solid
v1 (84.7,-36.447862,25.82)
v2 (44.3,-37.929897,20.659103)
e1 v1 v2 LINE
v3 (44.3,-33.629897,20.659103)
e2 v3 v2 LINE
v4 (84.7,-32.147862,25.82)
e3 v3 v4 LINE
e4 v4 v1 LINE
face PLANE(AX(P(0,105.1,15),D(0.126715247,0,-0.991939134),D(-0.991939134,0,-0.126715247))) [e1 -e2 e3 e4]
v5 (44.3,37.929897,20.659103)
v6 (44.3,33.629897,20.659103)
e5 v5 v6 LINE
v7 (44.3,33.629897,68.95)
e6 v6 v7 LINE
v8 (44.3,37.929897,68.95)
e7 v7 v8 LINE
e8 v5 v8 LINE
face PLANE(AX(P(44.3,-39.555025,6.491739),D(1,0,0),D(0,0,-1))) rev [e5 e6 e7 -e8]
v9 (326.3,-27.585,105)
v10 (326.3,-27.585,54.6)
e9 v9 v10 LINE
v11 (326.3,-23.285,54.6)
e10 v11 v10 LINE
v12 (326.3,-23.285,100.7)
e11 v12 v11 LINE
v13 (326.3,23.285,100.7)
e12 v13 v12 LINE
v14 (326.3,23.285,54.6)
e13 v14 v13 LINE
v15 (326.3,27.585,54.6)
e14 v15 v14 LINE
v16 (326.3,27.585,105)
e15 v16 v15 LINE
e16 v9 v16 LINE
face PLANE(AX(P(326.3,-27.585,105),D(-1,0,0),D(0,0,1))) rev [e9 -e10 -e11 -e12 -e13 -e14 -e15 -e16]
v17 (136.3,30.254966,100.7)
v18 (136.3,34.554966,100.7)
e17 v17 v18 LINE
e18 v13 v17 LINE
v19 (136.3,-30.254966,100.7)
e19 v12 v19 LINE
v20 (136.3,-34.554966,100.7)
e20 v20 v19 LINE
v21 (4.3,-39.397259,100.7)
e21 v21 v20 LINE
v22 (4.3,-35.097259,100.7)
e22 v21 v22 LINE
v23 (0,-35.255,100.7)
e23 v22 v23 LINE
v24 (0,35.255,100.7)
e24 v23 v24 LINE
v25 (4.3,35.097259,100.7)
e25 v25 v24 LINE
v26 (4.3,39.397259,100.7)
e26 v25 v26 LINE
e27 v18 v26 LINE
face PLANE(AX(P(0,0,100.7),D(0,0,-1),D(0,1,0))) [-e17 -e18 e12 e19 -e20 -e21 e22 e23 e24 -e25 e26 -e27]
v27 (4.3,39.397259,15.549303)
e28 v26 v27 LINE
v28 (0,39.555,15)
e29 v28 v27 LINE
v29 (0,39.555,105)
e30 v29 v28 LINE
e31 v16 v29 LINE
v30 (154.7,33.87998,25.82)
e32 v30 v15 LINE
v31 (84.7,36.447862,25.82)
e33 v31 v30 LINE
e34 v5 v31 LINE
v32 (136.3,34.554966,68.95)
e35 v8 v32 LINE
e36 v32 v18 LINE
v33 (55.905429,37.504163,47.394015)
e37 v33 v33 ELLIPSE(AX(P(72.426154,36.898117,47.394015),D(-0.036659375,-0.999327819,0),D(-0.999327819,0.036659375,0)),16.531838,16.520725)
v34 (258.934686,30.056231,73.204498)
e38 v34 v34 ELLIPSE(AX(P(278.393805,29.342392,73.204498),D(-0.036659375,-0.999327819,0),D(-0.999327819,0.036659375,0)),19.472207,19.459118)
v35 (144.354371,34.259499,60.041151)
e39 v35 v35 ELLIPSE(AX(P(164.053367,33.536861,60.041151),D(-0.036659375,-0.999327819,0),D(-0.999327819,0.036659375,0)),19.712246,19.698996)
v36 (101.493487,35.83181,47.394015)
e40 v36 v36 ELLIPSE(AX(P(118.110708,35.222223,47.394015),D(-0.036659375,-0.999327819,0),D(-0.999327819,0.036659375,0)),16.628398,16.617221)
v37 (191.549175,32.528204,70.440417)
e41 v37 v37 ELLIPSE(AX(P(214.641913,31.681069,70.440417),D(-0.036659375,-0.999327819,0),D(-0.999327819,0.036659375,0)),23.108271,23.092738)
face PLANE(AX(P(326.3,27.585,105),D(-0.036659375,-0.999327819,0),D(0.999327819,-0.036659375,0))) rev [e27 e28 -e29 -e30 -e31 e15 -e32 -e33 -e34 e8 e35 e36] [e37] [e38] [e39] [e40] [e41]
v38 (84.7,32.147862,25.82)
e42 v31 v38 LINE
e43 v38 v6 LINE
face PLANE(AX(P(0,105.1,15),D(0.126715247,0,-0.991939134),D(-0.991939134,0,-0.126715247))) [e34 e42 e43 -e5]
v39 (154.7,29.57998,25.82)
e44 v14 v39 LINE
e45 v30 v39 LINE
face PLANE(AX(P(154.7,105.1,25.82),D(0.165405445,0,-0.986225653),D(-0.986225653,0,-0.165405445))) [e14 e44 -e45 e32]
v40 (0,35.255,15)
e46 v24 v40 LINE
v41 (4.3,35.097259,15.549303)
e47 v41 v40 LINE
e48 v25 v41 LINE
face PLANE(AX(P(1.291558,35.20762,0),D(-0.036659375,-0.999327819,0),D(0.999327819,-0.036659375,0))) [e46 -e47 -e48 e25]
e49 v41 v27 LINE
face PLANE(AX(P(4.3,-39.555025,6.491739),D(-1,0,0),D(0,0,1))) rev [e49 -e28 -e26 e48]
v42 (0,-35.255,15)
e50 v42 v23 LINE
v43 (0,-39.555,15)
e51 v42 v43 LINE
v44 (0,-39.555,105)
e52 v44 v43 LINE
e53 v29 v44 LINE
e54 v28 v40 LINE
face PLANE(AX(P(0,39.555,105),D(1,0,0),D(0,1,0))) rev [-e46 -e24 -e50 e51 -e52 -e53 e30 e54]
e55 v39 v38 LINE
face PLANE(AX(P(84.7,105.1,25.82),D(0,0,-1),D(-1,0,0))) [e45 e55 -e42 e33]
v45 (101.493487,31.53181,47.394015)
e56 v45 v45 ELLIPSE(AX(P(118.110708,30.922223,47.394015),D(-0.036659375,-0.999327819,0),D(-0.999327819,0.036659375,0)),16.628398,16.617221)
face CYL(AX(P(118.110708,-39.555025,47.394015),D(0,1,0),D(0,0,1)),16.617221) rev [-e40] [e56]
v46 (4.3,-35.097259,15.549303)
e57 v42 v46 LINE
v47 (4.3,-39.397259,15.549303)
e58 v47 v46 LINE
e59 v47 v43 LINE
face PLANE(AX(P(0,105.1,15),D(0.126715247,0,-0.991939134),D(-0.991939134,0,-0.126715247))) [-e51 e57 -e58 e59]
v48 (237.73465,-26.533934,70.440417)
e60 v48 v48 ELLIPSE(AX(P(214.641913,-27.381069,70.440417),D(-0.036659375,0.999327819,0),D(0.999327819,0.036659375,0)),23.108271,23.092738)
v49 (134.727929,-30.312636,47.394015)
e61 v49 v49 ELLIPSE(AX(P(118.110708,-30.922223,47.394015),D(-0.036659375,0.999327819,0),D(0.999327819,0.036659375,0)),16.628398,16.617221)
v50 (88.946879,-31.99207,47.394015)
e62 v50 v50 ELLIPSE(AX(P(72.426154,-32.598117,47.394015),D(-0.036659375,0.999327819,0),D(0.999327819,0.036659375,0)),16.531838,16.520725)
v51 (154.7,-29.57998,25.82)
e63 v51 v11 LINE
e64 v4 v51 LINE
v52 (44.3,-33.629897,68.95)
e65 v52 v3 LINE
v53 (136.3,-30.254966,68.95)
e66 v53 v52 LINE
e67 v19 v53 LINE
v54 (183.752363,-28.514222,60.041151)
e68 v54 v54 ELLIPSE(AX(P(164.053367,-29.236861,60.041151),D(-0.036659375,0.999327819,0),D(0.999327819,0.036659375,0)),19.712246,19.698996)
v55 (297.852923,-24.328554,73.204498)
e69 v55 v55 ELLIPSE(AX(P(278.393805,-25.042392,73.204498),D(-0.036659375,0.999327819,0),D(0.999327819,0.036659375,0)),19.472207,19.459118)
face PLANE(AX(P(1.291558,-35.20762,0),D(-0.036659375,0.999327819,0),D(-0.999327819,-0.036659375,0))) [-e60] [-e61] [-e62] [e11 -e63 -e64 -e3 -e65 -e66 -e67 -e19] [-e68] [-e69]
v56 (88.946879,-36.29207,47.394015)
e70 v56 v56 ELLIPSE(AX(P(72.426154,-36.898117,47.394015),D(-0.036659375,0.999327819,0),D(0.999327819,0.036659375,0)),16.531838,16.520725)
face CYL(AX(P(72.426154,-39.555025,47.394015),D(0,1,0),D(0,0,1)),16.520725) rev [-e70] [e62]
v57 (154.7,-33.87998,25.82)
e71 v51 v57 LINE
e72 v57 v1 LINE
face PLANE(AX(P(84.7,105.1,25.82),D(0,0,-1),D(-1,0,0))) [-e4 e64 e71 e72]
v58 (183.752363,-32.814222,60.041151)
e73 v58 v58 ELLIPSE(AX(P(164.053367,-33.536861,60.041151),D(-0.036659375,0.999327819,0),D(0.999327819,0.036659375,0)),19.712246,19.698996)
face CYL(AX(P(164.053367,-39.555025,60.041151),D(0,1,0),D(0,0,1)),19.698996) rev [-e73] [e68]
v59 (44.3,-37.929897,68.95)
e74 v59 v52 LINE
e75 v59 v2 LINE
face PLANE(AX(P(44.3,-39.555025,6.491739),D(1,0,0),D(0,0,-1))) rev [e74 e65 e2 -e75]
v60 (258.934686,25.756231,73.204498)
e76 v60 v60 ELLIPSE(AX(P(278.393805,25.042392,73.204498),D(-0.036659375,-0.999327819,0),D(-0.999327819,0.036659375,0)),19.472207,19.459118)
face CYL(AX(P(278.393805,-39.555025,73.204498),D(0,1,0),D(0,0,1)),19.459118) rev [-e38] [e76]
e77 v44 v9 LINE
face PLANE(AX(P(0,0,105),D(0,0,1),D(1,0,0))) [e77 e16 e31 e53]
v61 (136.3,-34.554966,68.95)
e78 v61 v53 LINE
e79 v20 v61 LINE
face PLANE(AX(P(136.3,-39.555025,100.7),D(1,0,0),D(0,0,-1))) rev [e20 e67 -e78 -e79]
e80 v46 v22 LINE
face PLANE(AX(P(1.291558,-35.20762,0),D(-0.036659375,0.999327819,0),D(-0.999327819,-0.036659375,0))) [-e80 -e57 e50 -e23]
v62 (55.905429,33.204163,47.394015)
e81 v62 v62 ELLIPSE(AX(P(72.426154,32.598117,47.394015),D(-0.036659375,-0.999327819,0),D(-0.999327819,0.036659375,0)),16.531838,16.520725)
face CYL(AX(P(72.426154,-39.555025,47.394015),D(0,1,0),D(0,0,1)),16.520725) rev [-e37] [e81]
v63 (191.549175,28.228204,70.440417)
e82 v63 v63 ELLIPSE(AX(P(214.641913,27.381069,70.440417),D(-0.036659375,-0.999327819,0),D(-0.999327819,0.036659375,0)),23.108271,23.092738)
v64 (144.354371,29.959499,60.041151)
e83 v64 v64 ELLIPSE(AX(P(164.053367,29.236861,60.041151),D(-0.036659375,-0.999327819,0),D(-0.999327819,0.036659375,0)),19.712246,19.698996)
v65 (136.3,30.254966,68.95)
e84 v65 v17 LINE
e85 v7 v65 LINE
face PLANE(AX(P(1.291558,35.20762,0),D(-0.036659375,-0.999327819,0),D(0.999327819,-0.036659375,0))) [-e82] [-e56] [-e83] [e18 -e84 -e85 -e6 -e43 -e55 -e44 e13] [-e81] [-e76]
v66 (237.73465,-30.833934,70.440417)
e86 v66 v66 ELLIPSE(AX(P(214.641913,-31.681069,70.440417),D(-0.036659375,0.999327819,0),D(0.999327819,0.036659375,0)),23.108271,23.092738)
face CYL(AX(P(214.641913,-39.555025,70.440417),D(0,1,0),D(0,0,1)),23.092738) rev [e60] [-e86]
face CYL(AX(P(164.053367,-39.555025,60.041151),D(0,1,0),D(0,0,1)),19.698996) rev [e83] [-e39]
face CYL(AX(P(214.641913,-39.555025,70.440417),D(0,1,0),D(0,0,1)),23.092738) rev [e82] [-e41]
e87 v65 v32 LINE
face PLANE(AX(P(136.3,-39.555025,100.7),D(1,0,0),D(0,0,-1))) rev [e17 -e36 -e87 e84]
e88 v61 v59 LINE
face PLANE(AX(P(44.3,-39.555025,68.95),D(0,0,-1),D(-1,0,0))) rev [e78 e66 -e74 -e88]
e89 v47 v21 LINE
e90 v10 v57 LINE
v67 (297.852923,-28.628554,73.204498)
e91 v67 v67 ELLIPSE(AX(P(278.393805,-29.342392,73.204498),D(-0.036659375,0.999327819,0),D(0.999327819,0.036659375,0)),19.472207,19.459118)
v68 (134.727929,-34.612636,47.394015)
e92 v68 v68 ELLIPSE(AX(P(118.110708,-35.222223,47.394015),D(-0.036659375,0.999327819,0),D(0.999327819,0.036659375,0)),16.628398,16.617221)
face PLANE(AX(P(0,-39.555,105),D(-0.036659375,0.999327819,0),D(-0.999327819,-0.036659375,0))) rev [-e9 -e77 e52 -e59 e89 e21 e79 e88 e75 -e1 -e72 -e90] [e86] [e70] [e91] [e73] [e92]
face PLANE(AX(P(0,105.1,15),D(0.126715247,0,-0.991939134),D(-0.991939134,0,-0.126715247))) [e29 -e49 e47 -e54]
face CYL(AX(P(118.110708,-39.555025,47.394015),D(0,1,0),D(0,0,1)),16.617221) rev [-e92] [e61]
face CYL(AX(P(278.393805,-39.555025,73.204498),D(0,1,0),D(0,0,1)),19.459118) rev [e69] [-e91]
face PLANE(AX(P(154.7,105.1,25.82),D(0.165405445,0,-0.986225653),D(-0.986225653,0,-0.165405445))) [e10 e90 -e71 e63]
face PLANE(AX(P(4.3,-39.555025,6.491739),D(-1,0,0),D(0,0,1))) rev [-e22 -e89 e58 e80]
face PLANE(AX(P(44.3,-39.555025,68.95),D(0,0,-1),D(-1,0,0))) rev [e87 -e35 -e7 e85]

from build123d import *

# Parameters (mm, degrees)
BOSS_EXTRUDE1_DEPTH     = 105
CUT_EXTRUDE1_DEPTH      = 105.1
CUT_EXTRUDE1_DEPTH_BACK = 105.1
CUT_EXTRUDE4_DEPTH      = 346.052587439
CUT_EXTRUDE4_DEPTH_BACK = 346.052587439
SKETCH8_R               = 23.092737718
SKETCH8_R_2             = 19.459118311
CUT_EXTRUDE5_DEPTH      = 346.052587439
CUT_EXTRUDE5_DEPTH_BACK = 346.052587439
SKETCH9_R               = 16.617220832
SKETCH9_R_2             = 16.520725145
SKETCH9_R_3             = 19.698995854


with BuildPart() as part:
    # Sketch1 → Boss-Extrude1 (new body)
    with BuildSketch(Plane.XY):
        Polygon((0, 39.555), (0, -39.555), (326.3, -27.585), (326.3, 27.585), align=None)
    extrude(amount=BOSS_EXTRUDE1_DEPTH)

    # Sketch3 → Cut-Extrude1 (cut, two sides: drawn at the far end of the back side and taken through both)
    with BuildSketch(Plane(origin=(0, 0, 0), x_dir=(1, 0, 0), z_dir=(0, 1, 0)).offset(-CUT_EXTRUDE1_DEPTH_BACK)):
        Polygon((0, -15), (84.7, -25.82), (154.7, -25.82), (326.3, -54.6), (326.3, 36.079011671), (0, 41.113860107), align=None)
    extrude(amount=CUT_EXTRUDE1_DEPTH + CUT_EXTRUDE1_DEPTH_BACK, mode=Mode.SUBTRACT)

    # Sketch4 → Cut-Loft1 section 0
    with BuildSketch(Plane(origin=(326.3, 0, 0), x_dir=(0, 0, -1), z_dir=(1, 0, 0))):
        with BuildLine():
            Line((-100.7, 23.285), (-22.554524003, 23.285))
            Line((-22.554524003, 23.285), (-22.554524003, -23.285))
            Line((-22.554524003, -23.285), (-100.7, -23.285))
            Line((-100.7, -23.285), (-100.7, 23.285))
        make_face()
    # Sketch5 → Cut-Loft1 section 1
    with BuildSketch(Plane.ZY):
        with BuildLine():
            Line((-10.956527507, 35.255), (100.7, 35.255))
            Line((100.7, 35.255), (100.7, -35.255))
            Line((100.7, -35.255), (-10.956527507, -35.255))
            Line((-10.956527507, -35.255), (-10.956527507, 35.255))
        make_face()
    loft(mode=Mode.SUBTRACT)

    # Sketch8 → Cut-Extrude4 (cut, two sides: drawn at the far end of the back side and taken through both)
    with BuildSketch(Plane(origin=(0, 0, 0), x_dir=(1, 0, 0), z_dir=(0, 1, 0)).offset(-CUT_EXTRUDE4_DEPTH_BACK)):
        with Locations((214.641912664, -70.440417493)):
            Circle(SKETCH8_R)
        with Locations((278.393804533, -73.204497515)):
            Circle(SKETCH8_R_2)
    extrude(amount=CUT_EXTRUDE4_DEPTH + CUT_EXTRUDE4_DEPTH_BACK, mode=Mode.SUBTRACT)

    # Sketch9 → Cut-Extrude5 (cut, two sides: drawn at the far end of the back side and taken through both)
    with BuildSketch(Plane(origin=(0, 0, 0), x_dir=(1, 0, 0), z_dir=(0, 1, 0)).offset(-CUT_EXTRUDE5_DEPTH_BACK)):
        with Locations((118.110707971, -47.394014977)):
            Circle(SKETCH9_R)
        with Locations((72.426153878, -47.394014977)):
            Circle(SKETCH9_R_2)
        with Locations((164.053366889, -60.04115142)):
            Circle(SKETCH9_R_3)
        Polygon((4.3, -6.491738735), (44.3, -6.491738735), (44.3, -68.95), (136.3, -68.95), (136.3, -100.7), (44.3, -100.7), (4.3, -100.7), align=None)
    extrude(amount=CUT_EXTRUDE5_DEPTH + CUT_EXTRUDE5_DEPTH_BACK, mode=Mode.SUBTRACT)


solid = part.part
